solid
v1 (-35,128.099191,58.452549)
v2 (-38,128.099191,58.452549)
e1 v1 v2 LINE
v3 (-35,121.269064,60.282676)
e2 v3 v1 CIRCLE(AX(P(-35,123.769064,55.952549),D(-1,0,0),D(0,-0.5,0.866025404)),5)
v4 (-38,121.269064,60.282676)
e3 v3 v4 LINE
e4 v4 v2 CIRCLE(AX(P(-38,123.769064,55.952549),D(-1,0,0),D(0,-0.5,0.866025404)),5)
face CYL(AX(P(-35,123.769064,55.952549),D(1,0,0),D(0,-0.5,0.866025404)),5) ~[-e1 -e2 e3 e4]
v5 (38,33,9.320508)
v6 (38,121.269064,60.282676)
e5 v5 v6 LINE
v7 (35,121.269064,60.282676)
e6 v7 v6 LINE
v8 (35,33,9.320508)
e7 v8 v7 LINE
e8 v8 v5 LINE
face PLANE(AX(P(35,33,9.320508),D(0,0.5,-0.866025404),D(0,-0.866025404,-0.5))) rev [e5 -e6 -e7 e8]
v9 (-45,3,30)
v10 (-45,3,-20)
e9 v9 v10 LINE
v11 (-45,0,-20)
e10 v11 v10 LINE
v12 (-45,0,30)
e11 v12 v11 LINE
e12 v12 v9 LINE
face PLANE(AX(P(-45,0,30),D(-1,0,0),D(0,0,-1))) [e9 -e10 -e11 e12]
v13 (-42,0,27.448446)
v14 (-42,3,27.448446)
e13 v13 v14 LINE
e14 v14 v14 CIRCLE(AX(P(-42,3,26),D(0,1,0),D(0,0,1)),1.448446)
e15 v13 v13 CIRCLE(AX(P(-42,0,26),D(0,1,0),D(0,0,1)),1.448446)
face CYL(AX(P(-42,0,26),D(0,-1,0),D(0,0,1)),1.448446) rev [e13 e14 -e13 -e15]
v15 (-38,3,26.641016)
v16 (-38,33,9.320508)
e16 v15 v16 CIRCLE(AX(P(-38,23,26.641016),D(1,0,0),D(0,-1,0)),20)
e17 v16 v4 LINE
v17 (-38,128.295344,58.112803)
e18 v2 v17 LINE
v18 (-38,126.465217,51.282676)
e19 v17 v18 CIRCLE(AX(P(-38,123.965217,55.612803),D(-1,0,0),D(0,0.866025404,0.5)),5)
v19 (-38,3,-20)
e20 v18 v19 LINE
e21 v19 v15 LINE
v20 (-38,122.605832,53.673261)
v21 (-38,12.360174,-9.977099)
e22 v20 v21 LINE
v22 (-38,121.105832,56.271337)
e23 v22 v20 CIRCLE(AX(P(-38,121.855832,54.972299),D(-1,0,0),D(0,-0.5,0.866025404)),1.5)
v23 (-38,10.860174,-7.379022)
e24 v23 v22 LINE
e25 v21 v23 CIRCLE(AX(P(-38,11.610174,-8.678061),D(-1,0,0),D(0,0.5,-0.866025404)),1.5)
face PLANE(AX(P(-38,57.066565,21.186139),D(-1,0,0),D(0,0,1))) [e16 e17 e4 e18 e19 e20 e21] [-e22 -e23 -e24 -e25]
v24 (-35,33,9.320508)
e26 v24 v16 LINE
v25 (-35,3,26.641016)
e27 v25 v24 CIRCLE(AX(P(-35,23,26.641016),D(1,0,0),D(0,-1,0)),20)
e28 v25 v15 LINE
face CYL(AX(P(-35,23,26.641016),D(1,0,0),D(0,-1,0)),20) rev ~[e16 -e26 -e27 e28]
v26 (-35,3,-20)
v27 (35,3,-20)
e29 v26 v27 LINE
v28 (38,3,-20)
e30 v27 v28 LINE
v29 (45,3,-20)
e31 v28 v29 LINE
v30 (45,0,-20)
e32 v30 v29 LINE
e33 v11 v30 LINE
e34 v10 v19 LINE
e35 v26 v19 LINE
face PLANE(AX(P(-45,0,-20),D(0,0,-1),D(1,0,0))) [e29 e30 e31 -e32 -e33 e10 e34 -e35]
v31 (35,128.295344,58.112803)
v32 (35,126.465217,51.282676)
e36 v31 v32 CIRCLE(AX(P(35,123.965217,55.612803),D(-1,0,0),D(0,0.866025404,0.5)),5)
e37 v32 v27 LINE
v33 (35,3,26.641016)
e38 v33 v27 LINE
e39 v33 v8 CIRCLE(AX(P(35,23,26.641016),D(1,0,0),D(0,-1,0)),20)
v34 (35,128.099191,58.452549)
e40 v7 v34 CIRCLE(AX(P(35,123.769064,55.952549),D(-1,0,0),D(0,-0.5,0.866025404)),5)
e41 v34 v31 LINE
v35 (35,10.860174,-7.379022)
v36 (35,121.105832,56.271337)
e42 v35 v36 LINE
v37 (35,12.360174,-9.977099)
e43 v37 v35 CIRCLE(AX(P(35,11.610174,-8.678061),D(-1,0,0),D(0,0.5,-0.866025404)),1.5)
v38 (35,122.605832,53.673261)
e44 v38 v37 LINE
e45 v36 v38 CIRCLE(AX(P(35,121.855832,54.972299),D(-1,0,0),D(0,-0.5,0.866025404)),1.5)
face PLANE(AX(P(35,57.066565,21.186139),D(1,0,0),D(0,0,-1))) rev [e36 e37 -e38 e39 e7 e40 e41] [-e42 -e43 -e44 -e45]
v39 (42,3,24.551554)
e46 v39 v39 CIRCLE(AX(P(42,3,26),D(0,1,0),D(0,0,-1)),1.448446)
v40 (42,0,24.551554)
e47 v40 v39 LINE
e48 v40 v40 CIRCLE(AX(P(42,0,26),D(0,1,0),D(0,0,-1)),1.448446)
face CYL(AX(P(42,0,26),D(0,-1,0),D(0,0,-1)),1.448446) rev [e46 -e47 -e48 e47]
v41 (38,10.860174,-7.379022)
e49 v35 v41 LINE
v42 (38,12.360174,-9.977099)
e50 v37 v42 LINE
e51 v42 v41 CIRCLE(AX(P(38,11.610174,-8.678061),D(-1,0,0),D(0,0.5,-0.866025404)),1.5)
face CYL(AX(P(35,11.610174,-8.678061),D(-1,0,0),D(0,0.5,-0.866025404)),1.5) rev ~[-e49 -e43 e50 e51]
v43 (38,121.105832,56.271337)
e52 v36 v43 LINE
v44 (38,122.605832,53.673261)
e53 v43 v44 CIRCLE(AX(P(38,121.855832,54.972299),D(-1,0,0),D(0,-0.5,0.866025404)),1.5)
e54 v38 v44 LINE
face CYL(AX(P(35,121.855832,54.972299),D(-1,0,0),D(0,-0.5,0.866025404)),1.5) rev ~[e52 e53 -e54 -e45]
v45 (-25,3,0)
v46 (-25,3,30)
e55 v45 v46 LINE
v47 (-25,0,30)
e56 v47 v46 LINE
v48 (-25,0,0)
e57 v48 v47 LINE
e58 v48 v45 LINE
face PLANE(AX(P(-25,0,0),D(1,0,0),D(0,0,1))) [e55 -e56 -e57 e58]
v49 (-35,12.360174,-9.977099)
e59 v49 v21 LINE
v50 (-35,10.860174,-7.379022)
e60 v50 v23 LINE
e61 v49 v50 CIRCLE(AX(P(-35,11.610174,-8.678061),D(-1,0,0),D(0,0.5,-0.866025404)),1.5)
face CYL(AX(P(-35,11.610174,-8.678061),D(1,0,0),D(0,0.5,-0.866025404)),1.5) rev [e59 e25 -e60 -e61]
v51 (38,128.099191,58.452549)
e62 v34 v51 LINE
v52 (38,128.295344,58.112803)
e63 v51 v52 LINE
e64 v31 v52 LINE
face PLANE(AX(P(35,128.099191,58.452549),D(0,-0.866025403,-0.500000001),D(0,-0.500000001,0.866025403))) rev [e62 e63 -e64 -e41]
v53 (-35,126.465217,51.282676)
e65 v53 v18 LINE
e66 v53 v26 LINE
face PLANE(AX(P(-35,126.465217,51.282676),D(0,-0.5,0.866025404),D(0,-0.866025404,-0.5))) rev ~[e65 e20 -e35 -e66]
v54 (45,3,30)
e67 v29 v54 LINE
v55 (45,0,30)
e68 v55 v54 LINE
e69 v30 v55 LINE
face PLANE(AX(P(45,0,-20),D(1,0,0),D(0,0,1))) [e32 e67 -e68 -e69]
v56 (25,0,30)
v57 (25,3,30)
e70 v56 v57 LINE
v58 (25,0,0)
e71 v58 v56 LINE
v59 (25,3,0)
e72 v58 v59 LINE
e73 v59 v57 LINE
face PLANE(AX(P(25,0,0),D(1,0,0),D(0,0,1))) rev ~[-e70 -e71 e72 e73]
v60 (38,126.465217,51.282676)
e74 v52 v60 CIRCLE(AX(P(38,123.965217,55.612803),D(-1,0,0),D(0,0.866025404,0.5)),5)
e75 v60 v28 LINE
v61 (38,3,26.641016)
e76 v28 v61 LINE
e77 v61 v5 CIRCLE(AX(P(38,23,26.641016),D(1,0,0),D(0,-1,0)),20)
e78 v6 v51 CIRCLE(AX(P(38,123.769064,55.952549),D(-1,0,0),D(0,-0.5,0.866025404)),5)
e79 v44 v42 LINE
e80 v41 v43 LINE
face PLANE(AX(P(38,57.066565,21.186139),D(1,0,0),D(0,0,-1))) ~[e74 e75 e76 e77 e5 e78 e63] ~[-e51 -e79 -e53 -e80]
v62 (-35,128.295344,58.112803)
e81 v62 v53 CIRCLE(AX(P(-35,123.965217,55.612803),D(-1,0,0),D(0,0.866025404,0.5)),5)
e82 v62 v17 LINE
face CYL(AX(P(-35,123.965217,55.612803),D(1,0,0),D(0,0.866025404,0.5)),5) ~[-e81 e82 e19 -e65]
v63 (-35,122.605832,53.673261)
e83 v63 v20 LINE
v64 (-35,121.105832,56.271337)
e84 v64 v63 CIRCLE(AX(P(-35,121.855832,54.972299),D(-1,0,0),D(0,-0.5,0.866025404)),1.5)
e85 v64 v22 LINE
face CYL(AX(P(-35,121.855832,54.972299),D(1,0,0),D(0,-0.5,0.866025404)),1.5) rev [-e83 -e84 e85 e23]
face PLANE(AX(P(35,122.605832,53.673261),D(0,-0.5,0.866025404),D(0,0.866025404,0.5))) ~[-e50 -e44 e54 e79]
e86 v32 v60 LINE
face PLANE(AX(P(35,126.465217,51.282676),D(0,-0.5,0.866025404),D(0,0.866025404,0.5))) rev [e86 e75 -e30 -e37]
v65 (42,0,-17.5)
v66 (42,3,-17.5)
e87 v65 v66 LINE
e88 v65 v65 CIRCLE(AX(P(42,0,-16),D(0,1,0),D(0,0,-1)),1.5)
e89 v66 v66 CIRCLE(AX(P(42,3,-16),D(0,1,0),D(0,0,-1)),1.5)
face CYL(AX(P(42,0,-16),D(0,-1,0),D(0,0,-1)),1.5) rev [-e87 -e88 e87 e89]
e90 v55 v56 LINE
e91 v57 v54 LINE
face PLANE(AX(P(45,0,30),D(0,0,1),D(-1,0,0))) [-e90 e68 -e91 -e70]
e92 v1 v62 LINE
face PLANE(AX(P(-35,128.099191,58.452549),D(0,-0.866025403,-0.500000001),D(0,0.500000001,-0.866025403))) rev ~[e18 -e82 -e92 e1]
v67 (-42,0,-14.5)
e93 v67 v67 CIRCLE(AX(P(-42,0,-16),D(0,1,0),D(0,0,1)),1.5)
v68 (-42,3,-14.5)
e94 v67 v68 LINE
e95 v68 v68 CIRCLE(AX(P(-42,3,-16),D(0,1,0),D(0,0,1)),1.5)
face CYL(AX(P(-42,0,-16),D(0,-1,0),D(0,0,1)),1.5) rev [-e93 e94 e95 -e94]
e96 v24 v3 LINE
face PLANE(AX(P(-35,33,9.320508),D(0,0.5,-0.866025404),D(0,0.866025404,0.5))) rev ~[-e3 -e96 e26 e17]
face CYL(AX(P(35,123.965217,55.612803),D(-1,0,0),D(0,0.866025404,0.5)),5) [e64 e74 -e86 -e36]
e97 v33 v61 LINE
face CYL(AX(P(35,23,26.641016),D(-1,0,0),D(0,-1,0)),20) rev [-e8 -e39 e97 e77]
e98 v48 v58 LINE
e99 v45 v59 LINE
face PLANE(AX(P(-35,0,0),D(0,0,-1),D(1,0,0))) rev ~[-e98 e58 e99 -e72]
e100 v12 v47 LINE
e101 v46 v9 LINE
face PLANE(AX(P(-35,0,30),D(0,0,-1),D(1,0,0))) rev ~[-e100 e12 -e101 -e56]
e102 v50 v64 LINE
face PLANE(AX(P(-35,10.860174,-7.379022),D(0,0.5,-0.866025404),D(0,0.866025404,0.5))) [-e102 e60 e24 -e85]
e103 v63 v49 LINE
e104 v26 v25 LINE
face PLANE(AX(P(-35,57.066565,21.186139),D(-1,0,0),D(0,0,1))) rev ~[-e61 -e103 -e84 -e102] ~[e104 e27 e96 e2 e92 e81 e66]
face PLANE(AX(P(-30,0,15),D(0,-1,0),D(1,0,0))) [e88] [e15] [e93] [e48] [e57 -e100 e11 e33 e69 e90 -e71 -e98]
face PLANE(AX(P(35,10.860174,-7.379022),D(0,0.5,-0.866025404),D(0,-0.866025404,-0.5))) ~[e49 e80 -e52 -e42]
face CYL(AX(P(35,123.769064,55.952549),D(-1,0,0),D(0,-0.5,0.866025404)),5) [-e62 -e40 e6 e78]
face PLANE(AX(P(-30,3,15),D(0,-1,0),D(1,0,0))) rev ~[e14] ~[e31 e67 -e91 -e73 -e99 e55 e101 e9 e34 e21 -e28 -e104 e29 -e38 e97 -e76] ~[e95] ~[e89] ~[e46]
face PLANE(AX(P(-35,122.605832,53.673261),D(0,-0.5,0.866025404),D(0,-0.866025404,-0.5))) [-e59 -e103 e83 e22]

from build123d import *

# Parameters (mm, degrees)
SKETCH_1_R      = 1.448445572
SKETCH_1_R_2    = 1.5
EXTRUDE_1_DEPTH = 3
EXTRUDE_2_DEPTH = 3
SKETCH_5_W      = 10
SKETCH_5_H      = 30
EXTRUDE_3_DEPTH = 3


with BuildPart() as part:
    # 草图1 → 凸台-拉伸1 (new body)
    with BuildSketch(Plane(origin=(0, 0, 0), x_dir=(1, 0, 0), z_dir=(0, 1, 0))):
        Polygon((0, 0), (-35, 0), (-35, -30), (-45, -30), (-45, 20), (45, 20), (45, -30), (35, -30), (35, 0), align=None)
        with Locations(Location((-42, -26, 0), (0, 0, 270))):
            Circle(SKETCH_1_R, mode=Mode.SUBTRACT)
        with Locations(Location((-42, 16, 0), (0, 0, 270))):
            Circle(SKETCH_1_R_2, mode=Mode.SUBTRACT)
        with Locations(Location((42, -26, 0), (0, 0, 90))):
            Circle(SKETCH_1_R, mode=Mode.SUBTRACT)
        with Locations(Location((42, 16, 0), (0, 0, 90))):
            Circle(SKETCH_1_R_2, mode=Mode.SUBTRACT)
    extrude(amount=EXTRUDE_1_DEPTH)

    # 草图2 → 凸台-拉伸2 (add)
    with BuildSketch(Plane(origin=(-35, 0, 0), x_dir=(0, 0, -1), z_dir=(1, 0, 0))):
        with BuildLine():
            Line((-9.320508076, 33), (-60.282676081, 121.269064248))
            ThreePointArc((-60.282676081, 121.269064248), (-60.782178193, 125.063159474), (-58.452549062, 128.099191267))
            Line((-58.452549062, 128.099191267), (-58.1128031, 128.29534369))
            ThreePointArc((-58.1128031, 128.29534369), (-54.318707874, 128.794845803), (-51.282676081, 126.465216671))
            Line((-51.282676081, 126.465216671), (20, 3))
            Line((20, 3), (8, 3))
            Line((8, 3), (-26.641016151, 3))
            ThreePointArc((-26.641016151, 3), (-9.320508076, 13), (-9.320508076, 33))
        make_face()
        with BuildLine():
            Line((-53.673261241, 122.605831628), (9.977098662, 12.360174356))
            ThreePointArc((9.977098662, 12.360174356), (9.428060557, 10.31113625), (7.379022451, 10.860174356))
            Line((7.379022451, 10.860174356), (-56.271337452, 121.105831628))
            ThreePointArc((-56.271337452, 121.105831628), (-55.722299346, 123.154869734), (-53.673261241, 122.605831628))
        make_face(mode=Mode.SUBTRACT)
    extrude_2 = extrude(amount=-EXTRUDE_2_DEPTH)

    # 镜向1: 凸台-拉伸2 across plane
    add(extrude_2.mirror(Plane(origin=(0, 0, 0), x_dir=(0, 0, 1), z_dir=(1, 0, 0))))

    # 草图5 → 凸台-拉伸3 (add)
    with BuildSketch(Plane.XZ):
        with Locations((-30, 15)):
            Rectangle(SKETCH_5_W, SKETCH_5_H)
        with Locations((30, 15)):
            Rectangle(SKETCH_5_W, SKETCH_5_H)
    extrude(amount=-EXTRUDE_3_DEPTH)


solid = part.part
